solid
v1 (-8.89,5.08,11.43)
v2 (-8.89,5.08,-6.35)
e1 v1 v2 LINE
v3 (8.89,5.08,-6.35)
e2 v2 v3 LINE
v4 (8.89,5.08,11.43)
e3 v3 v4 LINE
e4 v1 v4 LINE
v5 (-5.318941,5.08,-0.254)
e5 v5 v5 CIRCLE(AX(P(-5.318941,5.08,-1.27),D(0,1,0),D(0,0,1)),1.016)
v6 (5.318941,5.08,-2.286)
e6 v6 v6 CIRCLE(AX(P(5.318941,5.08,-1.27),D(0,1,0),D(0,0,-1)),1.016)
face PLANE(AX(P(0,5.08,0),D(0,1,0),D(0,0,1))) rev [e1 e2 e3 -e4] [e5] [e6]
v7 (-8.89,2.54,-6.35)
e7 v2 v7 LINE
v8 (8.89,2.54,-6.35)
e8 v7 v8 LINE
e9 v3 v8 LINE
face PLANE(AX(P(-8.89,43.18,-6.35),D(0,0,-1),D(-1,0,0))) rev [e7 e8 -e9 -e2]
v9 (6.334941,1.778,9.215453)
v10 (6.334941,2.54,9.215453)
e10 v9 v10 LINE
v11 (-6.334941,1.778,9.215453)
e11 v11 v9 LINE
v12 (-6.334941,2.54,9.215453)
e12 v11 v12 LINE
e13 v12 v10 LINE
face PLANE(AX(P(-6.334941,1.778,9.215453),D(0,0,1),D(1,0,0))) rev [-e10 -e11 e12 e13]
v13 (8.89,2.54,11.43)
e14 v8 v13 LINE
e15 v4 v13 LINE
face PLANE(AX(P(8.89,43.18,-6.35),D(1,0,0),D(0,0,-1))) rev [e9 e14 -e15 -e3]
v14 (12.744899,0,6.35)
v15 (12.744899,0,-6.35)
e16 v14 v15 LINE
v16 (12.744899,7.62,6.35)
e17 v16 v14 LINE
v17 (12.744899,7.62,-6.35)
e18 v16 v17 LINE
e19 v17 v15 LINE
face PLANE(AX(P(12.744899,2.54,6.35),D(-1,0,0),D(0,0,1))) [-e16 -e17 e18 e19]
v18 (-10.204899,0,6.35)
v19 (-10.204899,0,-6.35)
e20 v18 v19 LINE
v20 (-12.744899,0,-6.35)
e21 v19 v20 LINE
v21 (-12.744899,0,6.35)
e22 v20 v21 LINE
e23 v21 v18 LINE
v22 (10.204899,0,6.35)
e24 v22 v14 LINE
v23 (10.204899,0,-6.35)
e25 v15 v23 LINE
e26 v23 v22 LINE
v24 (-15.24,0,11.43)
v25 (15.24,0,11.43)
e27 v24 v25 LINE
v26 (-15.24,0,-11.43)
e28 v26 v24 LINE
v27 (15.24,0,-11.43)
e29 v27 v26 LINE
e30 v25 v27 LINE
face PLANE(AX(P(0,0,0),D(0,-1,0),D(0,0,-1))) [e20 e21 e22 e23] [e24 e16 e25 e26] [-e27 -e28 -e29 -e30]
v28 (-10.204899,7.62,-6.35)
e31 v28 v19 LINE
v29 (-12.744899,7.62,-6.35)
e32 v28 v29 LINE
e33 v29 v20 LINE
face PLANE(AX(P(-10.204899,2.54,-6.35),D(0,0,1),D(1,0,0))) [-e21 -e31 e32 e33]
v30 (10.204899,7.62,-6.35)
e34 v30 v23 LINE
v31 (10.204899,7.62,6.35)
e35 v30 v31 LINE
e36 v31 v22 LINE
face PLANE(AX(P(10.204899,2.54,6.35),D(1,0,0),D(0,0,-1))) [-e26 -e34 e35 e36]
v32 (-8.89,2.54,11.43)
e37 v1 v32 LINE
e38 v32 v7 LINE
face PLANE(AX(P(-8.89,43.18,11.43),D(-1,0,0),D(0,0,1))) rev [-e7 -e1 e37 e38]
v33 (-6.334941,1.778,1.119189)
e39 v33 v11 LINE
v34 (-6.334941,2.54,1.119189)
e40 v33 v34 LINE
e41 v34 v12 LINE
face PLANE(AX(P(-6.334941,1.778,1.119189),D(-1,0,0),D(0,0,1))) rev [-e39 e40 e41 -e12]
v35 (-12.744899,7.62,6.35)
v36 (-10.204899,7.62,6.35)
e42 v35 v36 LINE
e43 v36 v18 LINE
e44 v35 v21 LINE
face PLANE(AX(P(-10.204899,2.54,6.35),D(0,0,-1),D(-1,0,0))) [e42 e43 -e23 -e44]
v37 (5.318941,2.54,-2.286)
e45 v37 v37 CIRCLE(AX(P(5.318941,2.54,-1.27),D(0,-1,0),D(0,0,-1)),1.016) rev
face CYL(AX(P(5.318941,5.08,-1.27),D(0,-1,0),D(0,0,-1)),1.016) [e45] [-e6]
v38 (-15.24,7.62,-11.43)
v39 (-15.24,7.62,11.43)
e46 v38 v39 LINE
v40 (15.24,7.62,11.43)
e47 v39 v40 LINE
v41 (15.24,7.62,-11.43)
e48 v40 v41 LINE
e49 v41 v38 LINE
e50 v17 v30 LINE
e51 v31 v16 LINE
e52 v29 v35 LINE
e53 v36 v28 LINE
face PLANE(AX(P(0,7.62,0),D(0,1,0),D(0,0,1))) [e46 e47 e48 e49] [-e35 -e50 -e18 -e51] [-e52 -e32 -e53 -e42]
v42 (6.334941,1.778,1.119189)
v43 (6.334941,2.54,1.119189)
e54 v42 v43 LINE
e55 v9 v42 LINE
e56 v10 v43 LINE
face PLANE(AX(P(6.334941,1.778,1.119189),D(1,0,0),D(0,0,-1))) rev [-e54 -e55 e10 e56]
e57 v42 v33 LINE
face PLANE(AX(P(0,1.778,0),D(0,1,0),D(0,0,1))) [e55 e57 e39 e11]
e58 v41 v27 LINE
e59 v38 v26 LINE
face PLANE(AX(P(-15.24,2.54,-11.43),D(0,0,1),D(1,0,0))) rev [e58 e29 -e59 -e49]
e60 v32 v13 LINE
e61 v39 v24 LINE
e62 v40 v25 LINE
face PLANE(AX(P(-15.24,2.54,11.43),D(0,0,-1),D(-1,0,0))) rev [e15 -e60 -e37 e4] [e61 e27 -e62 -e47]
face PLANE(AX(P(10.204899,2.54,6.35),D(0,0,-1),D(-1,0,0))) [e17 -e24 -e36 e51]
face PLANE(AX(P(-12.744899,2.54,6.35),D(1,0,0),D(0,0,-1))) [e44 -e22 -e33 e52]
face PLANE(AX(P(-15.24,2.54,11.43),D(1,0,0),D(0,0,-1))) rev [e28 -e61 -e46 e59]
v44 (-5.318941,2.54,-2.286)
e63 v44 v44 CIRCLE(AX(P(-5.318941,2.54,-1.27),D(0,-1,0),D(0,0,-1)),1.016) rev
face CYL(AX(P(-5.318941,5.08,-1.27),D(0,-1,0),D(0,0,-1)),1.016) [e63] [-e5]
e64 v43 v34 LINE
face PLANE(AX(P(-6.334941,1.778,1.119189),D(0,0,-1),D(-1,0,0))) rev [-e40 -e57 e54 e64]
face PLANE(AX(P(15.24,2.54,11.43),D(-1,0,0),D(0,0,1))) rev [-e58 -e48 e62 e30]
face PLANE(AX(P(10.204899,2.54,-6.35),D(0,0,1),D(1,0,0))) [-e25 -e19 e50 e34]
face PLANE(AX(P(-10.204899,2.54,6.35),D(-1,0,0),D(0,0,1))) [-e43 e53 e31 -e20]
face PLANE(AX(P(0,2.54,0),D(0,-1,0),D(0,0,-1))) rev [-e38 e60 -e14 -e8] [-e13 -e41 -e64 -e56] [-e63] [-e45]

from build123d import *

# Parameters (mm, degrees)
SKETCH1_W           = 30.48
SKETCH1_H           = 22.86
SKETCH1_W_2         = 2.54
SKETCH1_H_2         = 12.7
BOSS_EXTRUDE2_DEPTH = 2.54
SKETCH3_R           = 1.016
BOSS_EXTRUDE3_DEPTH = 2.54
SKETCH4_W           = 30.48
SKETCH4_H           = 22.86
SKETCH4_W_2         = 2.54
SKETCH4_H_2         = 12.7
BOSS_EXTRUDE6_DEPTH = 2.54
SKETCH5_W           = 2.54
SKETCH5_H           = 12.7
BOSS_EXTRUDE7_DEPTH = 2.54
SKETCH6_W           = 12.669882096
SKETCH6_H           = 8.096264029
CUT_EXTRUDE1_DEPTH  = 0.762


with BuildPart() as part:
    # Sketch1 → Boss-Extrude2 (new body)
    with BuildSketch(Plane(origin=(0, 0, 0), x_dir=(1, 0, 0), z_dir=(0, 1, 0))):
        Rectangle(SKETCH1_W, SKETCH1_H)
        with Locations((-11.47489899, 0)):
            Rectangle(SKETCH1_W_2, SKETCH1_H_2, mode=Mode.SUBTRACT)
        with Locations((11.47489899, 0)):
            Rectangle(SKETCH1_W_2, SKETCH1_H_2, mode=Mode.SUBTRACT)
    extrude(amount=BOSS_EXTRUDE2_DEPTH)

    # Sketch3 → Boss-Extrude3 (add)
    with BuildSketch(Plane(origin=(0, 2.54, 0), x_dir=(1, 0, 0), z_dir=(0, 1, 0))):
        with Locations(Location((-5.318941048, 1.27, 0), (0, 0, 90))):
            Circle(SKETCH3_R)
        with Locations(Location((5.318941048, 1.27, 0), (0, 0, 90))):
            Circle(SKETCH3_R)
    extrude(amount=BOSS_EXTRUDE3_DEPTH)

    # Sketch4 → Boss-Extrude6 (add)
    with BuildSketch(Plane(origin=(0, 5.08, 0), x_dir=(1, 0, 0), z_dir=(0, 1, 0))):
        Rectangle(SKETCH4_W, SKETCH4_H)
        with Locations((-11.47489899, 0)):
            Rectangle(SKETCH4_W_2, SKETCH4_H_2, mode=Mode.SUBTRACT)
        with Locations((11.47489899, 0)):
            Rectangle(SKETCH4_W_2, SKETCH4_H_2, mode=Mode.SUBTRACT)
    extrude(amount=BOSS_EXTRUDE6_DEPTH)

    # Sketch5 → Boss-Extrude7 (add)
    with BuildSketch(Plane(origin=(0, 2.54, 0), x_dir=(1, 0, 0), z_dir=(0, 1, 0))):
        Polygon((-15.24, -11.43), (-15.24, 11.43), (15.24, 11.43), (15.24, -11.43), (8.89, -11.43), (8.89, 6.35), (-8.89, 6.35), (-8.89, -11.43), align=None)
        with Locations((-11.47489899, 0)):
            Rectangle(SKETCH5_W, SKETCH5_H, mode=Mode.SUBTRACT)
        with Locations((11.47489899, 0)):
            Rectangle(SKETCH5_W, SKETCH5_H, mode=Mode.SUBTRACT)
    extrude(amount=BOSS_EXTRUDE7_DEPTH)

    # Sketch6 → Cut-Extrude1 (cut)
    with BuildSketch(Plane(origin=(0, 2.54, 0), x_dir=(1, 0, 0), z_dir=(0, 1, 0))):
        with Locations((0, -5.167320683)):
            Rectangle(SKETCH6_W, SKETCH6_H)
    extrude(amount=-CUT_EXTRUDE1_DEPTH, mode=Mode.SUBTRACT)


solid = part.part
